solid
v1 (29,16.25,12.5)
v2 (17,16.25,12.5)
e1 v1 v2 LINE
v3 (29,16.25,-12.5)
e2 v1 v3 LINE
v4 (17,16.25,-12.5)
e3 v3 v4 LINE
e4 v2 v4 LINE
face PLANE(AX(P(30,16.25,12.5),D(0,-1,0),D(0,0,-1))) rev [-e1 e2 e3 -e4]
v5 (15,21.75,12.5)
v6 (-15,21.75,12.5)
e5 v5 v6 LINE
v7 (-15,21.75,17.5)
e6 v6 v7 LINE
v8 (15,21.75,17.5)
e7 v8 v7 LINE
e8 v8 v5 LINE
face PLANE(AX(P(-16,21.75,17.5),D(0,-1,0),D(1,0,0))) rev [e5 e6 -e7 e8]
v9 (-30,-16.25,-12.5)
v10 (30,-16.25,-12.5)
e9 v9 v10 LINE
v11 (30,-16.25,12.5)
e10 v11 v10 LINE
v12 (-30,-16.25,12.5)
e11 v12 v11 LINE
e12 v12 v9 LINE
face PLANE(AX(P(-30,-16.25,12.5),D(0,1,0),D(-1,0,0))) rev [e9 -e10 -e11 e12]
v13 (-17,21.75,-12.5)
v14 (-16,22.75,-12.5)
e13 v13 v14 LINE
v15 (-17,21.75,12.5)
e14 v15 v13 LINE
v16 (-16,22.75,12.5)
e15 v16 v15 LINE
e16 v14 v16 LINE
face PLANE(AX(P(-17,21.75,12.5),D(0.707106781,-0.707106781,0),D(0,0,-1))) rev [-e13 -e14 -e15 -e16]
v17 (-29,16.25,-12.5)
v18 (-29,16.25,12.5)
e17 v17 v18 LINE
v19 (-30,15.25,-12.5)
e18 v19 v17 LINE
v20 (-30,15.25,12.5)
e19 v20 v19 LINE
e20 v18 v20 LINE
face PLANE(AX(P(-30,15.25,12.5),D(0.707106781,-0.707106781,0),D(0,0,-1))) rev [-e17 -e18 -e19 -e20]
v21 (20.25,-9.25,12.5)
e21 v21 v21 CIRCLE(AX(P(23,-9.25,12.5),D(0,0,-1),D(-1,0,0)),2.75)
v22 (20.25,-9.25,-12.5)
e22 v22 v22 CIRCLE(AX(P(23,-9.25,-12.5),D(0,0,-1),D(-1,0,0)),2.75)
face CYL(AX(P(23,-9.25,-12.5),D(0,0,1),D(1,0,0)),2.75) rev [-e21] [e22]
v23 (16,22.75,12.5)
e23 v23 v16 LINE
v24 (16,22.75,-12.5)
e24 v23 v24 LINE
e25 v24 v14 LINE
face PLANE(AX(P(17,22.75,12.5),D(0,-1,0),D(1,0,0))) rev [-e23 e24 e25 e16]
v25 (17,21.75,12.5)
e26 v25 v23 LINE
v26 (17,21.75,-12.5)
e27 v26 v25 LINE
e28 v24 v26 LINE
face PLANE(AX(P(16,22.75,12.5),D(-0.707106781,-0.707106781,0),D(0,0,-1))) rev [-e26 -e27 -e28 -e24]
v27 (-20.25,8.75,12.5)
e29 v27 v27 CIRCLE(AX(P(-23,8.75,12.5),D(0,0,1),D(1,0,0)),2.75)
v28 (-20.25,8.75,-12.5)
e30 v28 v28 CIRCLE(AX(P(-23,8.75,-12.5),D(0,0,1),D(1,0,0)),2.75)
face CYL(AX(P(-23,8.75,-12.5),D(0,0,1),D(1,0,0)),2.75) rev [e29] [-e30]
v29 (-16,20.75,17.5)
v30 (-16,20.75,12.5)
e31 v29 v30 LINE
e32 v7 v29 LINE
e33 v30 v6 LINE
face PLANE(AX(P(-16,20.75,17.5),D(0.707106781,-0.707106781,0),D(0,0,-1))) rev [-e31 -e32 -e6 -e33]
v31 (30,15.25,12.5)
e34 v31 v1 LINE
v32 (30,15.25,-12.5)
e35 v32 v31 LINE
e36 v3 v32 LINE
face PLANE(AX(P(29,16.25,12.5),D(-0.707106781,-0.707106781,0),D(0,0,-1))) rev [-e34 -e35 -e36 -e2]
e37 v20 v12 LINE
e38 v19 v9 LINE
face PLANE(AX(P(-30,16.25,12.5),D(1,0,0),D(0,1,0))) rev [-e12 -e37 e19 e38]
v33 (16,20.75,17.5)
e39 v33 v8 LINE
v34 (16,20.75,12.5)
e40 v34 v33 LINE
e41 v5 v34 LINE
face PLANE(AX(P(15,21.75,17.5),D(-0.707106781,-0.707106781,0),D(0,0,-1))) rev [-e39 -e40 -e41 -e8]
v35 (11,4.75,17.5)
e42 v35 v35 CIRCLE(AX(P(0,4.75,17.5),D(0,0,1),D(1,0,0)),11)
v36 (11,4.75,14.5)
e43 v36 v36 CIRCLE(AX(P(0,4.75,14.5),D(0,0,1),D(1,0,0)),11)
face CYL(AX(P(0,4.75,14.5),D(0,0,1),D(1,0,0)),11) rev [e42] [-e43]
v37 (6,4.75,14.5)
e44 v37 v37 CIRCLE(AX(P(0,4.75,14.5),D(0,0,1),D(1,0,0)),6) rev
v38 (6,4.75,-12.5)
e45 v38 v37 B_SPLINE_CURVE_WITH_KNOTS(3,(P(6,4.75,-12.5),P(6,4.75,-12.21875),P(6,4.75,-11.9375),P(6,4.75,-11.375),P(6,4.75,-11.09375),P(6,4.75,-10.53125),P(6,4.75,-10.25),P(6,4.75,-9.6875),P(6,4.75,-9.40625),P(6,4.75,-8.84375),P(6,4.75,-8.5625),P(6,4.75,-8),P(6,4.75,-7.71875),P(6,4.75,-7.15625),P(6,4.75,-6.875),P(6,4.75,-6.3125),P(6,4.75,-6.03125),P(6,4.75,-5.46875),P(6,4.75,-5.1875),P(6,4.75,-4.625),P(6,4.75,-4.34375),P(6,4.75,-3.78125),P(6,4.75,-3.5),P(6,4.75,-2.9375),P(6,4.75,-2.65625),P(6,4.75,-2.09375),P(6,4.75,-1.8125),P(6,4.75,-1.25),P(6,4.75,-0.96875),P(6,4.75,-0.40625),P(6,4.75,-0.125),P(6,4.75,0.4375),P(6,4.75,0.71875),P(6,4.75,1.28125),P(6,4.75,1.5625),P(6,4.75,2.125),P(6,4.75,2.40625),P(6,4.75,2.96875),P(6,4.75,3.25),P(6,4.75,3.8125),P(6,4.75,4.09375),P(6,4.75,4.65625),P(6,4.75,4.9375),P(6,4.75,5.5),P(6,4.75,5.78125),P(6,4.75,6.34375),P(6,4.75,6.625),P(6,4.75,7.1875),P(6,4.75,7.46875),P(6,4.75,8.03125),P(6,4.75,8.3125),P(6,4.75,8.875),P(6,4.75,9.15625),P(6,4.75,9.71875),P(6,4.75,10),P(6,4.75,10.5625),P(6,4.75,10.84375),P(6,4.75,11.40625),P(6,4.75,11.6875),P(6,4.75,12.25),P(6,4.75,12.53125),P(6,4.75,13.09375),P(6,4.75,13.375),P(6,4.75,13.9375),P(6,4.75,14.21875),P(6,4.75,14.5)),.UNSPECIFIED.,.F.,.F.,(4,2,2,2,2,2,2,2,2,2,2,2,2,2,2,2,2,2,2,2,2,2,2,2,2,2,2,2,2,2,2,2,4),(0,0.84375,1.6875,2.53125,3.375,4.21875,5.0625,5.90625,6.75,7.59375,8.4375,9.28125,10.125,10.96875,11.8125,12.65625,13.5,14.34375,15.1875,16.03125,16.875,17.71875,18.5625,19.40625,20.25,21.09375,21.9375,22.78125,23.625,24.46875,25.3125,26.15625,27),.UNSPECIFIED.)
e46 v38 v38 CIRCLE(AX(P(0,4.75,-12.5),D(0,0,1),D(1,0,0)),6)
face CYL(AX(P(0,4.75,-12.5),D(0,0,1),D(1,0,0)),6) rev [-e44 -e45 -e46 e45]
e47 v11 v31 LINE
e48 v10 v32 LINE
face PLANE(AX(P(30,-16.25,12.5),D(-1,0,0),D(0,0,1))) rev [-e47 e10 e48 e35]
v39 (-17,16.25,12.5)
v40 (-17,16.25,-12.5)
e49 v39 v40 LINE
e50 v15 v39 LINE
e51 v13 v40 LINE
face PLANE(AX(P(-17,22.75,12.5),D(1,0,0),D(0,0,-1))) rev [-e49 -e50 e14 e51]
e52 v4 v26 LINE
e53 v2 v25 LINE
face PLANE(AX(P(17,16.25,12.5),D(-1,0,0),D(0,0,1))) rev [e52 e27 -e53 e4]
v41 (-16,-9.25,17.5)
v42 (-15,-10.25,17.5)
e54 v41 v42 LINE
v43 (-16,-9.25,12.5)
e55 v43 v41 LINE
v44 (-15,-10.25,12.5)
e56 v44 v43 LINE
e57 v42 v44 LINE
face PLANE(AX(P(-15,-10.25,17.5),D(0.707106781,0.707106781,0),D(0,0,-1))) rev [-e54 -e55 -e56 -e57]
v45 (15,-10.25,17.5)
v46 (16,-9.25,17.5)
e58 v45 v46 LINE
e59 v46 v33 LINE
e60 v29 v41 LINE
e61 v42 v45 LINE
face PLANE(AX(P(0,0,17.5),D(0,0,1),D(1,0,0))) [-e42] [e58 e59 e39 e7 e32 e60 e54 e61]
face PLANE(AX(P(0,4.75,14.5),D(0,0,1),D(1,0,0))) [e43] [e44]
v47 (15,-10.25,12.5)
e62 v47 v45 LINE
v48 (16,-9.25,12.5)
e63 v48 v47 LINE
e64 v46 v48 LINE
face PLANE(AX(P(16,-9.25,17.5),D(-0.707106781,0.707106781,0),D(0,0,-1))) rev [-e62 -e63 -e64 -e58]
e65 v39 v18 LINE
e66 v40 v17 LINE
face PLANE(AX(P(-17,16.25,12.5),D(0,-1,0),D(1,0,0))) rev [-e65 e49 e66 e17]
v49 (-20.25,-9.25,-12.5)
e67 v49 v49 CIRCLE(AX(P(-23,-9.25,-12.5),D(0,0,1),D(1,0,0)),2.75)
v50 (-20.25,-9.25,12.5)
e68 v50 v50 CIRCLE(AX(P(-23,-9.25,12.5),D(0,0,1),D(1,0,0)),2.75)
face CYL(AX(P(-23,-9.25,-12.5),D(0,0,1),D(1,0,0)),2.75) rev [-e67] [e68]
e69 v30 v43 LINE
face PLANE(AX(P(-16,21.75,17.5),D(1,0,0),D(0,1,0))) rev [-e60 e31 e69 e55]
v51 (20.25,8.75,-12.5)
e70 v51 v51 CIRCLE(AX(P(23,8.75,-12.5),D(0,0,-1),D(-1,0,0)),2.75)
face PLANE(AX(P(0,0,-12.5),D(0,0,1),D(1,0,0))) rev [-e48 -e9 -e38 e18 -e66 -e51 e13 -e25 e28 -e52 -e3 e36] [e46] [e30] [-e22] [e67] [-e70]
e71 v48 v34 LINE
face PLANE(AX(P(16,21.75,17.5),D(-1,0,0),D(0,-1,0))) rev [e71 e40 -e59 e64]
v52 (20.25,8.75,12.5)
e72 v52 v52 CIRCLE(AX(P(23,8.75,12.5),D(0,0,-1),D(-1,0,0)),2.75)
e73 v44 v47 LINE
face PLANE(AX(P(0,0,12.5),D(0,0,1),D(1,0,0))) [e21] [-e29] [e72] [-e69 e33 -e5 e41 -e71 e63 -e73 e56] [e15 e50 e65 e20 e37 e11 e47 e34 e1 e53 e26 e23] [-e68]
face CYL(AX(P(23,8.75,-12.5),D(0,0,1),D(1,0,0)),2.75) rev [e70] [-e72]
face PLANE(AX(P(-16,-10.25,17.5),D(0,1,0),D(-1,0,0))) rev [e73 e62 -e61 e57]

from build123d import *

# Parameters (mm, degrees)
EXTRUDE_1_DEPTH     = 12.5
SKETCH_2_W          = 32
SKETCH_2_H          = 32
EXTRUDE_2_DEPTH     = 5
CHAMFER_1_SIZE      = 1
CHAMFER_2_SIZE      = 1
SKETCH_3_R          = 2.75
CUT_EXTRUDE_1_DEPTH = 46.194717612
CHAMFER_3_SIZE      = 1
SKETCH_4_R          = 6
CUT_EXTRUDE_2_DEPTH = 49.141068746
SKETCH_5_R          = 11
CUT_EXTRUDE_3_DEPTH = 3


with BuildPart() as part:
    # Sketch 1 → Extrude 1 (new, symmetric)
    with BuildSketch(Plane.XY):
        Polygon((-30, 16.25), (-30, -16.25), (30, -16.25), (30, 16.25), (17, 16.25), (17, 22.75), (-17, 22.75), (-17, 16.25), align=None)
    extrude(amount=EXTRUDE_1_DEPTH, both=True)

    # Sketch 2 → Extrude 2 (add)
    with BuildSketch(Plane.XY.offset(12.5)):
        with Locations((0, 5.75)):
            Rectangle(SKETCH_2_W, SKETCH_2_H)
    extrude(amount=EXTRUDE_2_DEPTH)

    # Chamfer 1
    chamfer_1_edges = [part.edges().sort_by_distance(p)[0] for p in [
        (-16, 21.75, 15),
        (-16, -10.25, 15),
        (16, -10.25, 15),
        (16, 21.75, 15),
    ]]
    chamfer(chamfer_1_edges, length=CHAMFER_1_SIZE)

    # Chamfer 2
    chamfer_2_edges = [part.edges().sort_by_distance(p)[0] for p in [
        (30, 16.25, 0),
        (-30, 16.25, 0),
    ]]
    chamfer(chamfer_2_edges, length=CHAMFER_2_SIZE)

    # Sketch 3 → Cut-Extrude 1 (cut, through all)
    with BuildSketch(Plane.XY.offset(12.5)):
        with Locations((-23, 8.75)):
            Circle(SKETCH_3_R)
        with Locations((-23, -9.25)):
            Circle(SKETCH_3_R)
    cut_extrude_1 = extrude(amount=-CUT_EXTRUDE_1_DEPTH, mode=Mode.SUBTRACT)

    # Mirror 1: Cut-Extrude 1 across plane
    add(cut_extrude_1.mirror(Plane(origin=(0, 0, 0), x_dir=(0, 0, 1), z_dir=(1, 0, 0))), mode=Mode.SUBTRACT)

    # Chamfer 3
    chamfer_3_edges = [part.edges().sort_by_distance(p)[0] for p in [
        (-17, 22.75, 0),
        (17, 22.75, 0),
    ]]
    chamfer(chamfer_3_edges, length=CHAMFER_3_SIZE)

    # Sketch 4 → Cut-Extrude 2 (cut, through all)
    with BuildSketch(Plane.XY.offset(17.5)):
        with Locations((0, 4.75)):
            Circle(SKETCH_4_R)
    extrude(amount=-CUT_EXTRUDE_2_DEPTH, mode=Mode.SUBTRACT)

    # Sketch 5 → Cut-Extrude 3 (cut)
    with BuildSketch(Plane.XY.offset(17.5)):
        with Locations((0, 4.75)):
            Circle(SKETCH_5_R)
    extrude(amount=-CUT_EXTRUDE_3_DEPTH, mode=Mode.SUBTRACT)


solid = part.part
